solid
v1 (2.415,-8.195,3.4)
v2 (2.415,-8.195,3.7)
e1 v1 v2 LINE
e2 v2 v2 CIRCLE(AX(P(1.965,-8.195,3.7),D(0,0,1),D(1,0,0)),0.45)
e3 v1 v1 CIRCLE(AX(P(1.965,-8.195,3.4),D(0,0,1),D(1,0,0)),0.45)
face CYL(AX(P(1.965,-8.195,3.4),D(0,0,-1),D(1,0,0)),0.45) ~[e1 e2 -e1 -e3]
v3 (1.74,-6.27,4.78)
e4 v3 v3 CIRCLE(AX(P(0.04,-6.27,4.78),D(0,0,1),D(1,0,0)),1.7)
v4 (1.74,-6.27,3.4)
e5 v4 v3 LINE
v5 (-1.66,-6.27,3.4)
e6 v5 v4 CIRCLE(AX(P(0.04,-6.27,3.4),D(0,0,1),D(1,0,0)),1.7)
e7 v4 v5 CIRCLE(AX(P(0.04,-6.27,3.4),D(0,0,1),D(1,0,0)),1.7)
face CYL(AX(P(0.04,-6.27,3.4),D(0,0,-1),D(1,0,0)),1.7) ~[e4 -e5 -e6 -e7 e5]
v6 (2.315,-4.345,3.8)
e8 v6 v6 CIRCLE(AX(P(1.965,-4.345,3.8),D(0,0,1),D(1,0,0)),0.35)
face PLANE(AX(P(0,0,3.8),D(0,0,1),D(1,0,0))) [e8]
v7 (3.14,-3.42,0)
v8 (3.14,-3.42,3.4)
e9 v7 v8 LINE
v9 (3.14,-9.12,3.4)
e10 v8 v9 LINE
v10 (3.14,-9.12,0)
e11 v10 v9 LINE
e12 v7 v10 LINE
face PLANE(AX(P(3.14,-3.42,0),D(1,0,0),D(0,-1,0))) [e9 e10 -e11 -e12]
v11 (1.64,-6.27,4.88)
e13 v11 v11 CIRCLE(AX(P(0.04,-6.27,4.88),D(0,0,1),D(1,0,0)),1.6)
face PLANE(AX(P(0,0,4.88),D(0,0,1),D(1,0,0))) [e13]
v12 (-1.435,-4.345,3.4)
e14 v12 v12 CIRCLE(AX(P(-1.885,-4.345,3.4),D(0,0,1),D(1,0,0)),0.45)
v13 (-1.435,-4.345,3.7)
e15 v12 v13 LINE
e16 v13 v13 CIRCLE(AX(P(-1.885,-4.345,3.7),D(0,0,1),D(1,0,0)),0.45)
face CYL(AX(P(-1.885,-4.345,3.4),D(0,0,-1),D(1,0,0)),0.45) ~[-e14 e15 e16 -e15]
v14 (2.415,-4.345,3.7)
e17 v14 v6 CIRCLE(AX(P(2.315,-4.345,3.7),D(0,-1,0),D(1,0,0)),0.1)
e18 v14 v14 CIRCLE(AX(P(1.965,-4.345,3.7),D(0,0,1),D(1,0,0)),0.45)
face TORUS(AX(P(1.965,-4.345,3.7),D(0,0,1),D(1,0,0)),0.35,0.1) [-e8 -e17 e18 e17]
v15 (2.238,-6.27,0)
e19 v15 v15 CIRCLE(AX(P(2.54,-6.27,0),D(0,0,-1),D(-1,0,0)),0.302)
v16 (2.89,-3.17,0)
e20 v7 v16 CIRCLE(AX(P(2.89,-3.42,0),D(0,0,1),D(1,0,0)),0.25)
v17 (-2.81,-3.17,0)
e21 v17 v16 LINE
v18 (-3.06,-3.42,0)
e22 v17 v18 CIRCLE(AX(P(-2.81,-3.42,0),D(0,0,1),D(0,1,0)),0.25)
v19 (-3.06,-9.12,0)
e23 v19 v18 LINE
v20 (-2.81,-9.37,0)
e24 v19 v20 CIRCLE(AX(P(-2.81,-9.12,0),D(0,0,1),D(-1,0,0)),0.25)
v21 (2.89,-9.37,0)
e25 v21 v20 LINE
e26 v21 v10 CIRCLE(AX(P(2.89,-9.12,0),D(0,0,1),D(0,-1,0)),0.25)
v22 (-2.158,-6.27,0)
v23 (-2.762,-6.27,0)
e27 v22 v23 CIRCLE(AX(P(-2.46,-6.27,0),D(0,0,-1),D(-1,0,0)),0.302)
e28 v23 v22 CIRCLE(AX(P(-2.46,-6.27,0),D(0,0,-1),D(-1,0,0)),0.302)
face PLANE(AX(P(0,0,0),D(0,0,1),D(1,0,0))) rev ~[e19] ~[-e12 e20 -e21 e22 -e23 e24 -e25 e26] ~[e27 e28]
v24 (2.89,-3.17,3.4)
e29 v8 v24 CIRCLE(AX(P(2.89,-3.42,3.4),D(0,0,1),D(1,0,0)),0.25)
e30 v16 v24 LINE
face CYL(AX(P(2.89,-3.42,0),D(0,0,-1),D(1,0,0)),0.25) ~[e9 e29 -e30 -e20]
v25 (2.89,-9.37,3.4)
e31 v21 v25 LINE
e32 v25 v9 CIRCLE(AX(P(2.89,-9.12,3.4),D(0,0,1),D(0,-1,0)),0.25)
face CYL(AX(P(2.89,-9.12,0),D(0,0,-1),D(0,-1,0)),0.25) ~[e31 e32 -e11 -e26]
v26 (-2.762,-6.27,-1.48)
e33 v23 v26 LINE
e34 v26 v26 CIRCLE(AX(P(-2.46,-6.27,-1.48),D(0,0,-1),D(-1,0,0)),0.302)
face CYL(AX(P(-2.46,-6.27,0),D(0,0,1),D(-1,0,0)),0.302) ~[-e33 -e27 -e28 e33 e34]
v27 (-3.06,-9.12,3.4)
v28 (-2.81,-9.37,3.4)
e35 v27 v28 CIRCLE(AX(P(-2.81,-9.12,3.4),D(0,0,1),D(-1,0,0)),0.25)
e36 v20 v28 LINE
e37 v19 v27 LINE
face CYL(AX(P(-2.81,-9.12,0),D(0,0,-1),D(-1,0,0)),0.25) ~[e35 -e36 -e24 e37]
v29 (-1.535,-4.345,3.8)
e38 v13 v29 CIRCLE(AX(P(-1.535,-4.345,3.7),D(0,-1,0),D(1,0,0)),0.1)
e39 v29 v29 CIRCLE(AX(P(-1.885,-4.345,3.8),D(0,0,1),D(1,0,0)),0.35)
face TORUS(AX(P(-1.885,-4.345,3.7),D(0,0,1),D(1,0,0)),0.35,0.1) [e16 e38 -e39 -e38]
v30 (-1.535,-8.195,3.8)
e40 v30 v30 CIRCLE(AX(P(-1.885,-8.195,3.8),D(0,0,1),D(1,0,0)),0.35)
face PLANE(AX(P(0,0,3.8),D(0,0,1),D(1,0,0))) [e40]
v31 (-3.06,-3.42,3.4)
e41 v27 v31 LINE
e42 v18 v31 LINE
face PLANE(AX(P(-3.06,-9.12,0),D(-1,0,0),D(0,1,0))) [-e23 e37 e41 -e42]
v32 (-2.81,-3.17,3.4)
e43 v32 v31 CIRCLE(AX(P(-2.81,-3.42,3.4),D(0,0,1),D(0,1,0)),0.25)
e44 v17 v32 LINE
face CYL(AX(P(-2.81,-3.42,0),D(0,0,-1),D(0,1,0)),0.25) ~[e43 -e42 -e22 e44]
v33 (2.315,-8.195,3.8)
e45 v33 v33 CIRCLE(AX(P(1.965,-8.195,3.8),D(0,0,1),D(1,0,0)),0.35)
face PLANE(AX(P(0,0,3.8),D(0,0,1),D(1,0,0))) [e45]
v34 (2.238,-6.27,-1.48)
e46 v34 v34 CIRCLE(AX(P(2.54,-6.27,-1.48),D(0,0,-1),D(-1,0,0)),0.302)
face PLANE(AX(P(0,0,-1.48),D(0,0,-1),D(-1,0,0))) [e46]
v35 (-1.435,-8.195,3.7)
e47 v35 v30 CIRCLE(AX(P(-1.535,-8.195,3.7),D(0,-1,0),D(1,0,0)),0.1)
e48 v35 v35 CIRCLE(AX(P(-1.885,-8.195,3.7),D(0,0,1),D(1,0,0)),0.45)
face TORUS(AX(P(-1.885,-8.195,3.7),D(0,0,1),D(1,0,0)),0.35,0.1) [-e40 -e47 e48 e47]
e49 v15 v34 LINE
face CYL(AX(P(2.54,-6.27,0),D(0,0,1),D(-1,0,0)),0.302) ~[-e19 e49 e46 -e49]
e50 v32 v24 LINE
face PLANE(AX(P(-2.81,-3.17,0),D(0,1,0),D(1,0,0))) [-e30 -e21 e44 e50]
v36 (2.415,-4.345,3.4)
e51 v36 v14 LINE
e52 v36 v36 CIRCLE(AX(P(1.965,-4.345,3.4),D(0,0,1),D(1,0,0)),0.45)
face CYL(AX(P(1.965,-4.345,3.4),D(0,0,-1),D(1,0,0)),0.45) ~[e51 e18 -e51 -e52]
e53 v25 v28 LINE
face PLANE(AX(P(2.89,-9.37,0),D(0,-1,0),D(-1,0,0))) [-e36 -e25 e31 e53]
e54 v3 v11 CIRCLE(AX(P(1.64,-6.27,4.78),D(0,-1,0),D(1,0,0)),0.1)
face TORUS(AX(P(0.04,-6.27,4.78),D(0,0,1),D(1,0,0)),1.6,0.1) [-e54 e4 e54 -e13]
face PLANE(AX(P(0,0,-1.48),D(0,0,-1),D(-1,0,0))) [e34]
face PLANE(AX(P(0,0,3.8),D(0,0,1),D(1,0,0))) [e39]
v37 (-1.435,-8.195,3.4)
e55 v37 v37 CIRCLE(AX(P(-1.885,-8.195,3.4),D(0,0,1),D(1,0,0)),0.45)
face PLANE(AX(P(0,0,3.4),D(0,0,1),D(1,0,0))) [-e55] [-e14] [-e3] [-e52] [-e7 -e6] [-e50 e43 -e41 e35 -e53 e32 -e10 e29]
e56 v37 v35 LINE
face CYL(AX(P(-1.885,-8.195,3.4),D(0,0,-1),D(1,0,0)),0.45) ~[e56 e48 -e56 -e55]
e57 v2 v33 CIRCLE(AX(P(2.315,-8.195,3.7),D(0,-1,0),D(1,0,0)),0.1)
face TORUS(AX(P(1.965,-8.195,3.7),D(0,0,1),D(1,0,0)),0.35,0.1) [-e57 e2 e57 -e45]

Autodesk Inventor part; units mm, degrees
ref_plane "YZ Plane" through (0, 0, 0) normal (1, 0, 0) x (0, 1, 0)
ref_plane "Work Plane1" through (0, 0, 0) normal (0, 0, 1) x (1, 0, 0)
sketch "Sketch1" plane through (0, 0, 0) normal (0, 0, 1) x (1, 0, 0)
  circle A0 centre (2.54, -6.27) radius 0.302 projected
  circle A1 centre (-2.46, -6.27) radius 0.302 projected
  line L0 (2.54, -6.27) -> (-2.46, -6.27)
  line L1 (2.89, -9.37) -> (-2.81, -9.37)
  line L2 (-3.06, -9.12) -> (-3.06, -3.42)
  line L3 (-2.81, -3.17) -> (2.89, -3.17)
  line L4 (3.14, -3.42) -> (3.14, -9.12)
  line L5 (3.14, -9.37) -> (-3.06, -3.17) construction
  line L6 (-3.06, -9.37) -> (3.14, -3.17) construction
  arc A2 (2.89, -9.37) -> (3.14, -9.12) centre (2.89, -9.12) ccw
  arc A3 (-3.06, -9.12) -> (-2.81, -9.37) centre (-2.81, -9.12) ccw
  arc A4 (-2.81, -3.17) -> (-3.06, -3.42) centre (-2.81, -3.42) ccw
  arc A5 (3.14, -3.42) -> (2.89, -3.17) centre (2.89, -3.42) ccw
  point P0 (0, 0)
  point P1 (0.04, -6.27)
  dimension "d0" = 6.2
  dimension "d1" = 6.2
  dimension "d2" = 0.25
extrude "Extrusion1" add sketch "Sketch1" along normal blind 3.4 contours A0 | A1 | L1 A3 L2 A4 L3 A5 L4 A2
sketch "Sketch2" plane through (0, 0, 3.4) normal (0, 0, 1) x (1, 0, 0)
  arc A0 (2.89, -9.37) -> (3.14, -9.12) centre (2.89, -9.12) ccw projected
  line L0 (3.14, -9.12) -> (3.14, -3.42) projected
  arc A1 (3.14, -3.42) -> (2.89, -3.17) centre (2.89, -3.42) ccw projected
  line L1 (2.89, -3.17) -> (-2.81, -3.17) projected
  arc A2 (-2.81, -3.17) -> (-3.06, -3.42) centre (-2.81, -3.42) ccw projected
  line L2 (-3.06, -3.42) -> (-3.06, -9.12) projected
  arc A3 (-3.06, -9.12) -> (-2.81, -9.37) centre (-2.81, -9.12) ccw projected
  line L3 (-2.81, -9.37) -> (2.89, -9.37) projected
  line L4 (-1.885, -4.345) -> (1.965, -8.195) construction
  line L5 (1.965, -4.345) -> (-1.885, -8.195) construction
  circle A4 centre (1.965, -4.345) radius 0.45
  circle A5 centre (1.965, -8.195) radius 0.45
  circle A6 centre (-1.885, -8.195) radius 0.45
  circle A7 centre (-1.885, -4.345) radius 0.45
  point P0 (0, 0)
  point P1 (0.04, -6.27)
  dimension "d5" = 3.85
  dimension "d6" = 3.85
  dimension "d7" = 0.9
  dimension "d8" = 0.9
  dimension "d9" = 0.9
  dimension "d10" = 0.9
extrude "Extrusion2" add sketch "Sketch2" along normal blind 0.4 contours A4 | A5 | A6 | A7
fillet "Fillet1" radius 0.1 4 edges at (1.515, -4.345, 3.8) (1.515, -8.195, 3.8) (-2.335, -8.195, 3.8) (-2.335, -4.345, 3.8)
sketch "Sketch3" plane through (0, 0, 3.4) normal (0, 0, 1) x (1, 0, 0)
  circle A0 centre (-1.885, -8.195) radius 0.45 projected
  circle A1 centre (1.965, -8.195) radius 0.45 projected
  circle A2 centre (-1.885, -4.345) radius 0.45 projected
  circle A3 centre (1.965, -4.345) radius 0.45 projected
  arc A4 (2.89, -9.37) -> (3.14, -9.12) centre (2.89, -9.12) ccw projected
  line L0 (3.14, -9.12) -> (3.14, -3.42) projected
  arc A5 (3.14, -3.42) -> (2.89, -3.17) centre (2.89, -3.42) ccw projected
  line L1 (2.89, -3.17) -> (-2.81, -3.17) projected
  arc A6 (-2.81, -3.17) -> (-3.06, -3.42) centre (-2.81, -3.42) ccw projected
  line L2 (-3.06, -3.42) -> (-3.06, -9.12) projected
  arc A7 (-3.06, -9.12) -> (-2.81, -9.37) centre (-2.81, -9.12) ccw projected
  line L3 (-2.81, -9.37) -> (2.89, -9.37) projected
  circle A8 centre (0.04, -6.27) radius 1.7
  point P0 (0, 0)
  dimension "d14" = 3.4
extrude "Extrusion3" add sketch "Sketch3" along normal blind 1.48 contours A8
fillet "Fillet2" radius 0.1 1 edges at (-1.66, -6.27, 4.88)
sketch "Sketch4" plane through (0, 0, 0) normal (0, 0, -1) x (-1, 0, 0)
  circle A0 centre (2.46, -6.27) radius 0.302 projected
  circle A1 centre (-2.54, -6.27) radius 0.302 projected
  point P0 (0, 0)
extrude "Extrusion4" add sketch "Sketch4" along normal blind 1.48
ref_plane "Work Plane2" through (0.04, -9.12, 0) normal (1, 0, 0) x (0, 0, -1)
properties part number "Button"
